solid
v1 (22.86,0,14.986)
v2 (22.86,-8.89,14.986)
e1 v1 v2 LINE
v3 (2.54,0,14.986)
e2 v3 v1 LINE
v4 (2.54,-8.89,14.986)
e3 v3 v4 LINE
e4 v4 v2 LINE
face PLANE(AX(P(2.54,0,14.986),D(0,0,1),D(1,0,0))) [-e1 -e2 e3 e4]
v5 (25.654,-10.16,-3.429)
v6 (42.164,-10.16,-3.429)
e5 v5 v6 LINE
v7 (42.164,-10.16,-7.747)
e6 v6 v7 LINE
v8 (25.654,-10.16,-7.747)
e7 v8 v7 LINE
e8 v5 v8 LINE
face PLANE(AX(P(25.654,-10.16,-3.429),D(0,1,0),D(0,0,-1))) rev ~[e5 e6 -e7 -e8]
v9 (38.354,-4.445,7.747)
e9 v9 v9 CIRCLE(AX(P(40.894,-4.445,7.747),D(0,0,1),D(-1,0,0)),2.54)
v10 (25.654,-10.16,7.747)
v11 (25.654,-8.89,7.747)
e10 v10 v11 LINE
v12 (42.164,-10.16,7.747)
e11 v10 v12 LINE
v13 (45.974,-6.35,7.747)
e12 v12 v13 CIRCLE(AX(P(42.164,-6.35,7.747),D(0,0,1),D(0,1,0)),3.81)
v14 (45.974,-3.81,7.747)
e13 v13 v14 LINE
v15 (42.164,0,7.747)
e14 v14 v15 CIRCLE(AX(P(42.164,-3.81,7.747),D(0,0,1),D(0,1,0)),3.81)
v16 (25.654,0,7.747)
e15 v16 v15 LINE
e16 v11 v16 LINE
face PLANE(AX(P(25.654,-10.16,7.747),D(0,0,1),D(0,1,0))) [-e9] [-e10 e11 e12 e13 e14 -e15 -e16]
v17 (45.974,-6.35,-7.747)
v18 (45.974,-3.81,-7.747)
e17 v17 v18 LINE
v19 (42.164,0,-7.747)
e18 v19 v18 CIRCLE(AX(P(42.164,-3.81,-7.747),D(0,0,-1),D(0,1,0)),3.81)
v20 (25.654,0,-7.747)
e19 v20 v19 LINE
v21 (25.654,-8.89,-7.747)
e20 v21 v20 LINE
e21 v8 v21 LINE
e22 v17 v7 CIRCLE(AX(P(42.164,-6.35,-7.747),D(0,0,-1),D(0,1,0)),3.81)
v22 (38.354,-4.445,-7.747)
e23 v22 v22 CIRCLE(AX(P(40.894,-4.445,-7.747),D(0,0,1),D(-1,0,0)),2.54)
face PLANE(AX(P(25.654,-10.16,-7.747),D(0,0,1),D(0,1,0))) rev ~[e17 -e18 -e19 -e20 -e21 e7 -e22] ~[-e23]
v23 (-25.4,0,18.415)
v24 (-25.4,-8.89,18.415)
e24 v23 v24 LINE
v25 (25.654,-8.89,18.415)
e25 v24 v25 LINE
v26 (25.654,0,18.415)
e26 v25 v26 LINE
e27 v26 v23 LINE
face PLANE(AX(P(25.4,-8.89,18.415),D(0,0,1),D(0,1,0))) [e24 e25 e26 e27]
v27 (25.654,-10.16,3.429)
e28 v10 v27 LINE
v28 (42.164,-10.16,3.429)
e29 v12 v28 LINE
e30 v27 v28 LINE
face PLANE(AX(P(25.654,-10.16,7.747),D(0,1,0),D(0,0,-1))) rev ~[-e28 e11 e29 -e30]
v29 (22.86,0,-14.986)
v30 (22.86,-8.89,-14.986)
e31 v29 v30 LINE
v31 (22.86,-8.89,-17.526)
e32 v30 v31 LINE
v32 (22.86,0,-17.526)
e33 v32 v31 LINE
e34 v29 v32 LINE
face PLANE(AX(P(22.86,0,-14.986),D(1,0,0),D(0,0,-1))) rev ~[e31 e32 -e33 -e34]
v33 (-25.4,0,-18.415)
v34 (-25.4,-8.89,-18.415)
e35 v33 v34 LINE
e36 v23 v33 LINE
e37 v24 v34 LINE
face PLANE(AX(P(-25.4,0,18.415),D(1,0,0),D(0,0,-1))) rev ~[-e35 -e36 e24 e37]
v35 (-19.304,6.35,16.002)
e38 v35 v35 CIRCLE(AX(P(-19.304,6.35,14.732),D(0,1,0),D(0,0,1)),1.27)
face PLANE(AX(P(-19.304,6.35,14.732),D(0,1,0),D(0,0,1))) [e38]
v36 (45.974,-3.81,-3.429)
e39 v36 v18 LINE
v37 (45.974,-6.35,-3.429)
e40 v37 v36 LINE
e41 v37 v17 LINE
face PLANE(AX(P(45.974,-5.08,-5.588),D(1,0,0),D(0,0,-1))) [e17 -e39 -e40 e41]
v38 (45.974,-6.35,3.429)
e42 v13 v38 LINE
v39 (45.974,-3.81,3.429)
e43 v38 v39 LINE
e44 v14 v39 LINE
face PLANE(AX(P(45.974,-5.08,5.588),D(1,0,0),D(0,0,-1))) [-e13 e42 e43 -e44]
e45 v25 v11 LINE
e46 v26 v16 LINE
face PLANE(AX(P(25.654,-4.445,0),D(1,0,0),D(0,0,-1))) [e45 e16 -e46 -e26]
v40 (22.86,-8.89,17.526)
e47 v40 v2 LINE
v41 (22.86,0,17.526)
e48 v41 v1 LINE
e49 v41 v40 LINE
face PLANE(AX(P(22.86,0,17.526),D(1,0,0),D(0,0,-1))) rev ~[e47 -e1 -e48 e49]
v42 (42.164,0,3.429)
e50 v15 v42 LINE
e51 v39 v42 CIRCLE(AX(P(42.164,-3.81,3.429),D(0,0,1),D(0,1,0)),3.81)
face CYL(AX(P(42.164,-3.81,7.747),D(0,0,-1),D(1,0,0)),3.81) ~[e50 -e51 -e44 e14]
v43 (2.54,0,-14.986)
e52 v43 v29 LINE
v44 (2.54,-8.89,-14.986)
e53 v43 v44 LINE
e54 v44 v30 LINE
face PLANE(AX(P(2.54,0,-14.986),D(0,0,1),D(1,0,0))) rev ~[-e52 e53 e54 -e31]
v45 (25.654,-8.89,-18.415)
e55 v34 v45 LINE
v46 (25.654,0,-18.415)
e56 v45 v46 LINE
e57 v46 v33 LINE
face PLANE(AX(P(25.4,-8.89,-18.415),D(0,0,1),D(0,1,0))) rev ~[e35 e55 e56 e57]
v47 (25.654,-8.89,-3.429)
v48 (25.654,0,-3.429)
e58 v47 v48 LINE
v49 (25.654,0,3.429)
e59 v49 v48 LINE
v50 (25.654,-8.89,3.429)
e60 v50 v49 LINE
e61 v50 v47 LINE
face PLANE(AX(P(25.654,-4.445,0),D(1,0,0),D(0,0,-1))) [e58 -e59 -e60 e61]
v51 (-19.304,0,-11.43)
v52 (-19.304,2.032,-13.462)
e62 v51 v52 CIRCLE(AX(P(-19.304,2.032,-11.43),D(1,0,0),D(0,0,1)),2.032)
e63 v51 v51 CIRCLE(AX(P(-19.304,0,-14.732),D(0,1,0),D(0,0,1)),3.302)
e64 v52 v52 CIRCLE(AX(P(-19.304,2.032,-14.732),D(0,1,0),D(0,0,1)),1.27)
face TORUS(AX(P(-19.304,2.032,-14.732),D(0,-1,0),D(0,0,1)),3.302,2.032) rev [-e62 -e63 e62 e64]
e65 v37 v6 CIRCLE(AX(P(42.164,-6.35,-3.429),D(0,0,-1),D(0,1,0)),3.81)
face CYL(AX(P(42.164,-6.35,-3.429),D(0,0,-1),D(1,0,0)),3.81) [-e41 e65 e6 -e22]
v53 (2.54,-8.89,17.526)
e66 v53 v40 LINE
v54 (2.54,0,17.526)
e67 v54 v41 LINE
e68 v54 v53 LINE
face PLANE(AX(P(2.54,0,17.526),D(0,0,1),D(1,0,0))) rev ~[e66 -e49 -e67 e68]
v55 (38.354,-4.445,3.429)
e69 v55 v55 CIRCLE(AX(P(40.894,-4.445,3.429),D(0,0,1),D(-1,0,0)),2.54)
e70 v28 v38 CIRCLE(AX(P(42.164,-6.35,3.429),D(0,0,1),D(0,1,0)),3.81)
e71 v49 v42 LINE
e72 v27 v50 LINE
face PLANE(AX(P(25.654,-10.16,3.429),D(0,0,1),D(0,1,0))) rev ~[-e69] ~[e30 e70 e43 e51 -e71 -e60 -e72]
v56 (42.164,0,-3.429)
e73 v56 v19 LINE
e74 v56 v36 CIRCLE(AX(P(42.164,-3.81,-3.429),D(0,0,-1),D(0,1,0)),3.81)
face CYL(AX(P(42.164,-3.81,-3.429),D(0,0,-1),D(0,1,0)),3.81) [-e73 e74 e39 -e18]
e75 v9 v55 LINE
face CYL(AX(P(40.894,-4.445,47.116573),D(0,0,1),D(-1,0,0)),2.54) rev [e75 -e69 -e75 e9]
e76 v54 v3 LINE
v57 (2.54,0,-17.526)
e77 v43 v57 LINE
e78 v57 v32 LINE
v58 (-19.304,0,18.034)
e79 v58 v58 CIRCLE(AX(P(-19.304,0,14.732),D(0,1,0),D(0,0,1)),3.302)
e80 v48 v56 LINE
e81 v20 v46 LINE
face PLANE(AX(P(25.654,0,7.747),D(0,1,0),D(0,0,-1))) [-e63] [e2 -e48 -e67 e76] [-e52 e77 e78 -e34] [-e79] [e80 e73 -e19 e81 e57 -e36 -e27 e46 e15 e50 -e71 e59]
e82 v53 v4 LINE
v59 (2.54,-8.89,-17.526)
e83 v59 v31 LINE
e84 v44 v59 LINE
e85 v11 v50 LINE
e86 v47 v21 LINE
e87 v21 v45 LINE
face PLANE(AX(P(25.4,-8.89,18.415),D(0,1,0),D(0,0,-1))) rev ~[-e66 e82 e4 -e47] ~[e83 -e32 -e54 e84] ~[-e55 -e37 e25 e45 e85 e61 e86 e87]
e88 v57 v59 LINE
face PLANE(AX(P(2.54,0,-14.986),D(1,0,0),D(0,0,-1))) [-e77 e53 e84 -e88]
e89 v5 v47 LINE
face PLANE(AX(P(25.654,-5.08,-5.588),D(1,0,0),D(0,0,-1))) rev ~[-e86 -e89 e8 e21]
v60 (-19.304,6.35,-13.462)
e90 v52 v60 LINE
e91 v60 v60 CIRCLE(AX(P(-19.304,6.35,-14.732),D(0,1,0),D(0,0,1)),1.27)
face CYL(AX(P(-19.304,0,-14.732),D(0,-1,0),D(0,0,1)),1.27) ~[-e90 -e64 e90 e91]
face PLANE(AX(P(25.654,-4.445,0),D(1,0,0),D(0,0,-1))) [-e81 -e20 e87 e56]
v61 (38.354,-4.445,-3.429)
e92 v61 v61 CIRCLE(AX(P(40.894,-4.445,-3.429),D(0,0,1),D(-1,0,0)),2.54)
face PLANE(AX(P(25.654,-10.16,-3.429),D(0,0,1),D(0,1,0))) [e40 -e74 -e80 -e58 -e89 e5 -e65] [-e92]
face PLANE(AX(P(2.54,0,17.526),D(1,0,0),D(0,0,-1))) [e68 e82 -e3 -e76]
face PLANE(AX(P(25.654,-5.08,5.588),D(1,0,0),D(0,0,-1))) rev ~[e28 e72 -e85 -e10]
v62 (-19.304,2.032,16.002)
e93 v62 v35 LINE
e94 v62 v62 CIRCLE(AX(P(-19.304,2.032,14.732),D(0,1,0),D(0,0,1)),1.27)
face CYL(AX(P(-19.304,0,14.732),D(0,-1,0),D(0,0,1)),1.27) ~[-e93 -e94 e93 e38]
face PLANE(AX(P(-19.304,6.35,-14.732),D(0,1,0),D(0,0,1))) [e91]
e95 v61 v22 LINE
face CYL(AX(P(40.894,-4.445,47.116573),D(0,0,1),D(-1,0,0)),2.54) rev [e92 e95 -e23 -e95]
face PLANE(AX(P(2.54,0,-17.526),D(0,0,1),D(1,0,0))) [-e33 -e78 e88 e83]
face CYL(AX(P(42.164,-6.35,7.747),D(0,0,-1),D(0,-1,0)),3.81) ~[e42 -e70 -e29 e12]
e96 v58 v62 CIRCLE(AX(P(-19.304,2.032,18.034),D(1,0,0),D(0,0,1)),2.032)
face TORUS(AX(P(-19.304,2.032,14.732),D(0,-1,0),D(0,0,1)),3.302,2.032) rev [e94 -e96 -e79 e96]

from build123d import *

# Parameters (mm, degrees)
SKETCH1_W               = 50.8
SKETCH1_H               = 36.83
BOSS_EXTRUDE1_DEPTH     = 8.89
SKETCH2_W               = 36.83
SKETCH2_H               = 8.89
BOSS_EXTRUDE2_DEPTH     = 0.254
SKETCH3_W               = 4.318
SKETCH3_H               = 10.16
BOSS_EXTRUDE3_DEPTH     = 20.32
CUT_EXTRUDE1_DEPTH      = 54.86357322
CUT_EXTRUDE1_DEPTH_BACK = 54.86357322
SKETCH4_R               = 2.54
FILLET1_R               = 3.81
SKETCH18_5_W            = 20.32
SKETCH18_5_H            = 2.54
CUT_EXTRUDE2_DEPTH      = 51.556369539
SKETCH7_W               = 20.32
SKETCH7_H               = 2.54
CUT_EXTRUDE3_DEPTH      = 51.556369539
SKETCH18_16_R           = 1.27
BOSS_EXTRUDE4_DEPTH     = 6.35
FILLET2_R               = 2.032


with BuildPart() as part:
    # Sketch1 → Boss-Extrude1 (new body)
    with BuildSketch(Plane(origin=(0, 0, 0), x_dir=(1, 0, 0), z_dir=(0, 1, 0))):
        Rectangle(SKETCH1_W, SKETCH1_H)
    extrude(amount=-BOSS_EXTRUDE1_DEPTH)

    # Sketch2 → Boss-Extrude2 (add)
    with BuildSketch(Plane(origin=(25.4, 0, 0), x_dir=(0, 0, -1), z_dir=(1, 0, 0))):
        with Locations((0, -4.445)):
            Rectangle(SKETCH2_W, SKETCH2_H)
    extrude(amount=BOSS_EXTRUDE2_DEPTH)

    # Sketch3 → Boss-Extrude3 (add)
    with BuildSketch(Plane(origin=(25.654, 0, 0), x_dir=(0, 0, -1), z_dir=(1, 0, 0))):
        with Locations((-5.588, -5.08)):
            Rectangle(SKETCH3_W, SKETCH3_H)
        with Locations((5.588, -5.08)):
            Rectangle(SKETCH3_W, SKETCH3_H)
    extrude(amount=BOSS_EXTRUDE3_DEPTH)

    # Sketch4 → Cut-Extrude1 (cut, two sides: drawn at the far end of the back side and taken through both)
    with BuildSketch(Plane(origin=(0, 0, -7.747), x_dir=(-1, 0, 0), z_dir=(0, 0, -1)).offset(-CUT_EXTRUDE1_DEPTH_BACK)):
        with Locations((-40.894, -4.445)):
            Circle(SKETCH4_R)
    extrude(amount=CUT_EXTRUDE1_DEPTH + CUT_EXTRUDE1_DEPTH_BACK, mode=Mode.SUBTRACT)

    # Fillet1
    fillet1_edges = [part.edges().sort_by_distance(p)[0] for p in [
        (45.974, 0, 5.588),
        (45.974, -10.16, 5.588),
        (45.974, 0, -5.588),
        (45.974, -10.16, -5.588),
    ]]
    fillet(fillet1_edges, radius=FILLET1_R)

    # Sketch18<5> → Cut-Extrude2 (cut, through all)
    with BuildSketch(Plane(origin=(0, 0, 0), x_dir=(1, 0, 0), z_dir=(0, 1, 0))):
        with Locations((12.7, 16.256)):
            Rectangle(SKETCH18_5_W, SKETCH18_5_H)
    extrude(amount=-CUT_EXTRUDE2_DEPTH, mode=Mode.SUBTRACT)

    # Sketch7 → Cut-Extrude3 (cut, through all)
    with BuildSketch(Plane(origin=(0, 0, 0), x_dir=(1, 0, 0), z_dir=(0, 1, 0))):
        with Locations((12.7, -16.256)):
            Rectangle(SKETCH7_W, SKETCH7_H)
    extrude(amount=-CUT_EXTRUDE3_DEPTH, mode=Mode.SUBTRACT)

    # Sketch18<16> → Boss-Extrude4 (add)
    with BuildSketch(Plane(origin=(0, 0, 0), x_dir=(1, 0, 0), z_dir=(0, 1, 0))):
        with Locations((-19.304, -14.732)):
            Circle(SKETCH18_16_R)
        with Locations((-19.304, 14.732)):
            Circle(SKETCH18_16_R)
    extrude(amount=BOSS_EXTRUDE4_DEPTH)

    # Fillet2
    fillet2_edges = [part.edges().sort_by_distance(p)[0] for p in [
        (-20.574, 0, -14.732),
        (-20.574, 0, 14.732),
    ]]
    fillet(fillet2_edges, radius=FILLET2_R)


solid = part.part
